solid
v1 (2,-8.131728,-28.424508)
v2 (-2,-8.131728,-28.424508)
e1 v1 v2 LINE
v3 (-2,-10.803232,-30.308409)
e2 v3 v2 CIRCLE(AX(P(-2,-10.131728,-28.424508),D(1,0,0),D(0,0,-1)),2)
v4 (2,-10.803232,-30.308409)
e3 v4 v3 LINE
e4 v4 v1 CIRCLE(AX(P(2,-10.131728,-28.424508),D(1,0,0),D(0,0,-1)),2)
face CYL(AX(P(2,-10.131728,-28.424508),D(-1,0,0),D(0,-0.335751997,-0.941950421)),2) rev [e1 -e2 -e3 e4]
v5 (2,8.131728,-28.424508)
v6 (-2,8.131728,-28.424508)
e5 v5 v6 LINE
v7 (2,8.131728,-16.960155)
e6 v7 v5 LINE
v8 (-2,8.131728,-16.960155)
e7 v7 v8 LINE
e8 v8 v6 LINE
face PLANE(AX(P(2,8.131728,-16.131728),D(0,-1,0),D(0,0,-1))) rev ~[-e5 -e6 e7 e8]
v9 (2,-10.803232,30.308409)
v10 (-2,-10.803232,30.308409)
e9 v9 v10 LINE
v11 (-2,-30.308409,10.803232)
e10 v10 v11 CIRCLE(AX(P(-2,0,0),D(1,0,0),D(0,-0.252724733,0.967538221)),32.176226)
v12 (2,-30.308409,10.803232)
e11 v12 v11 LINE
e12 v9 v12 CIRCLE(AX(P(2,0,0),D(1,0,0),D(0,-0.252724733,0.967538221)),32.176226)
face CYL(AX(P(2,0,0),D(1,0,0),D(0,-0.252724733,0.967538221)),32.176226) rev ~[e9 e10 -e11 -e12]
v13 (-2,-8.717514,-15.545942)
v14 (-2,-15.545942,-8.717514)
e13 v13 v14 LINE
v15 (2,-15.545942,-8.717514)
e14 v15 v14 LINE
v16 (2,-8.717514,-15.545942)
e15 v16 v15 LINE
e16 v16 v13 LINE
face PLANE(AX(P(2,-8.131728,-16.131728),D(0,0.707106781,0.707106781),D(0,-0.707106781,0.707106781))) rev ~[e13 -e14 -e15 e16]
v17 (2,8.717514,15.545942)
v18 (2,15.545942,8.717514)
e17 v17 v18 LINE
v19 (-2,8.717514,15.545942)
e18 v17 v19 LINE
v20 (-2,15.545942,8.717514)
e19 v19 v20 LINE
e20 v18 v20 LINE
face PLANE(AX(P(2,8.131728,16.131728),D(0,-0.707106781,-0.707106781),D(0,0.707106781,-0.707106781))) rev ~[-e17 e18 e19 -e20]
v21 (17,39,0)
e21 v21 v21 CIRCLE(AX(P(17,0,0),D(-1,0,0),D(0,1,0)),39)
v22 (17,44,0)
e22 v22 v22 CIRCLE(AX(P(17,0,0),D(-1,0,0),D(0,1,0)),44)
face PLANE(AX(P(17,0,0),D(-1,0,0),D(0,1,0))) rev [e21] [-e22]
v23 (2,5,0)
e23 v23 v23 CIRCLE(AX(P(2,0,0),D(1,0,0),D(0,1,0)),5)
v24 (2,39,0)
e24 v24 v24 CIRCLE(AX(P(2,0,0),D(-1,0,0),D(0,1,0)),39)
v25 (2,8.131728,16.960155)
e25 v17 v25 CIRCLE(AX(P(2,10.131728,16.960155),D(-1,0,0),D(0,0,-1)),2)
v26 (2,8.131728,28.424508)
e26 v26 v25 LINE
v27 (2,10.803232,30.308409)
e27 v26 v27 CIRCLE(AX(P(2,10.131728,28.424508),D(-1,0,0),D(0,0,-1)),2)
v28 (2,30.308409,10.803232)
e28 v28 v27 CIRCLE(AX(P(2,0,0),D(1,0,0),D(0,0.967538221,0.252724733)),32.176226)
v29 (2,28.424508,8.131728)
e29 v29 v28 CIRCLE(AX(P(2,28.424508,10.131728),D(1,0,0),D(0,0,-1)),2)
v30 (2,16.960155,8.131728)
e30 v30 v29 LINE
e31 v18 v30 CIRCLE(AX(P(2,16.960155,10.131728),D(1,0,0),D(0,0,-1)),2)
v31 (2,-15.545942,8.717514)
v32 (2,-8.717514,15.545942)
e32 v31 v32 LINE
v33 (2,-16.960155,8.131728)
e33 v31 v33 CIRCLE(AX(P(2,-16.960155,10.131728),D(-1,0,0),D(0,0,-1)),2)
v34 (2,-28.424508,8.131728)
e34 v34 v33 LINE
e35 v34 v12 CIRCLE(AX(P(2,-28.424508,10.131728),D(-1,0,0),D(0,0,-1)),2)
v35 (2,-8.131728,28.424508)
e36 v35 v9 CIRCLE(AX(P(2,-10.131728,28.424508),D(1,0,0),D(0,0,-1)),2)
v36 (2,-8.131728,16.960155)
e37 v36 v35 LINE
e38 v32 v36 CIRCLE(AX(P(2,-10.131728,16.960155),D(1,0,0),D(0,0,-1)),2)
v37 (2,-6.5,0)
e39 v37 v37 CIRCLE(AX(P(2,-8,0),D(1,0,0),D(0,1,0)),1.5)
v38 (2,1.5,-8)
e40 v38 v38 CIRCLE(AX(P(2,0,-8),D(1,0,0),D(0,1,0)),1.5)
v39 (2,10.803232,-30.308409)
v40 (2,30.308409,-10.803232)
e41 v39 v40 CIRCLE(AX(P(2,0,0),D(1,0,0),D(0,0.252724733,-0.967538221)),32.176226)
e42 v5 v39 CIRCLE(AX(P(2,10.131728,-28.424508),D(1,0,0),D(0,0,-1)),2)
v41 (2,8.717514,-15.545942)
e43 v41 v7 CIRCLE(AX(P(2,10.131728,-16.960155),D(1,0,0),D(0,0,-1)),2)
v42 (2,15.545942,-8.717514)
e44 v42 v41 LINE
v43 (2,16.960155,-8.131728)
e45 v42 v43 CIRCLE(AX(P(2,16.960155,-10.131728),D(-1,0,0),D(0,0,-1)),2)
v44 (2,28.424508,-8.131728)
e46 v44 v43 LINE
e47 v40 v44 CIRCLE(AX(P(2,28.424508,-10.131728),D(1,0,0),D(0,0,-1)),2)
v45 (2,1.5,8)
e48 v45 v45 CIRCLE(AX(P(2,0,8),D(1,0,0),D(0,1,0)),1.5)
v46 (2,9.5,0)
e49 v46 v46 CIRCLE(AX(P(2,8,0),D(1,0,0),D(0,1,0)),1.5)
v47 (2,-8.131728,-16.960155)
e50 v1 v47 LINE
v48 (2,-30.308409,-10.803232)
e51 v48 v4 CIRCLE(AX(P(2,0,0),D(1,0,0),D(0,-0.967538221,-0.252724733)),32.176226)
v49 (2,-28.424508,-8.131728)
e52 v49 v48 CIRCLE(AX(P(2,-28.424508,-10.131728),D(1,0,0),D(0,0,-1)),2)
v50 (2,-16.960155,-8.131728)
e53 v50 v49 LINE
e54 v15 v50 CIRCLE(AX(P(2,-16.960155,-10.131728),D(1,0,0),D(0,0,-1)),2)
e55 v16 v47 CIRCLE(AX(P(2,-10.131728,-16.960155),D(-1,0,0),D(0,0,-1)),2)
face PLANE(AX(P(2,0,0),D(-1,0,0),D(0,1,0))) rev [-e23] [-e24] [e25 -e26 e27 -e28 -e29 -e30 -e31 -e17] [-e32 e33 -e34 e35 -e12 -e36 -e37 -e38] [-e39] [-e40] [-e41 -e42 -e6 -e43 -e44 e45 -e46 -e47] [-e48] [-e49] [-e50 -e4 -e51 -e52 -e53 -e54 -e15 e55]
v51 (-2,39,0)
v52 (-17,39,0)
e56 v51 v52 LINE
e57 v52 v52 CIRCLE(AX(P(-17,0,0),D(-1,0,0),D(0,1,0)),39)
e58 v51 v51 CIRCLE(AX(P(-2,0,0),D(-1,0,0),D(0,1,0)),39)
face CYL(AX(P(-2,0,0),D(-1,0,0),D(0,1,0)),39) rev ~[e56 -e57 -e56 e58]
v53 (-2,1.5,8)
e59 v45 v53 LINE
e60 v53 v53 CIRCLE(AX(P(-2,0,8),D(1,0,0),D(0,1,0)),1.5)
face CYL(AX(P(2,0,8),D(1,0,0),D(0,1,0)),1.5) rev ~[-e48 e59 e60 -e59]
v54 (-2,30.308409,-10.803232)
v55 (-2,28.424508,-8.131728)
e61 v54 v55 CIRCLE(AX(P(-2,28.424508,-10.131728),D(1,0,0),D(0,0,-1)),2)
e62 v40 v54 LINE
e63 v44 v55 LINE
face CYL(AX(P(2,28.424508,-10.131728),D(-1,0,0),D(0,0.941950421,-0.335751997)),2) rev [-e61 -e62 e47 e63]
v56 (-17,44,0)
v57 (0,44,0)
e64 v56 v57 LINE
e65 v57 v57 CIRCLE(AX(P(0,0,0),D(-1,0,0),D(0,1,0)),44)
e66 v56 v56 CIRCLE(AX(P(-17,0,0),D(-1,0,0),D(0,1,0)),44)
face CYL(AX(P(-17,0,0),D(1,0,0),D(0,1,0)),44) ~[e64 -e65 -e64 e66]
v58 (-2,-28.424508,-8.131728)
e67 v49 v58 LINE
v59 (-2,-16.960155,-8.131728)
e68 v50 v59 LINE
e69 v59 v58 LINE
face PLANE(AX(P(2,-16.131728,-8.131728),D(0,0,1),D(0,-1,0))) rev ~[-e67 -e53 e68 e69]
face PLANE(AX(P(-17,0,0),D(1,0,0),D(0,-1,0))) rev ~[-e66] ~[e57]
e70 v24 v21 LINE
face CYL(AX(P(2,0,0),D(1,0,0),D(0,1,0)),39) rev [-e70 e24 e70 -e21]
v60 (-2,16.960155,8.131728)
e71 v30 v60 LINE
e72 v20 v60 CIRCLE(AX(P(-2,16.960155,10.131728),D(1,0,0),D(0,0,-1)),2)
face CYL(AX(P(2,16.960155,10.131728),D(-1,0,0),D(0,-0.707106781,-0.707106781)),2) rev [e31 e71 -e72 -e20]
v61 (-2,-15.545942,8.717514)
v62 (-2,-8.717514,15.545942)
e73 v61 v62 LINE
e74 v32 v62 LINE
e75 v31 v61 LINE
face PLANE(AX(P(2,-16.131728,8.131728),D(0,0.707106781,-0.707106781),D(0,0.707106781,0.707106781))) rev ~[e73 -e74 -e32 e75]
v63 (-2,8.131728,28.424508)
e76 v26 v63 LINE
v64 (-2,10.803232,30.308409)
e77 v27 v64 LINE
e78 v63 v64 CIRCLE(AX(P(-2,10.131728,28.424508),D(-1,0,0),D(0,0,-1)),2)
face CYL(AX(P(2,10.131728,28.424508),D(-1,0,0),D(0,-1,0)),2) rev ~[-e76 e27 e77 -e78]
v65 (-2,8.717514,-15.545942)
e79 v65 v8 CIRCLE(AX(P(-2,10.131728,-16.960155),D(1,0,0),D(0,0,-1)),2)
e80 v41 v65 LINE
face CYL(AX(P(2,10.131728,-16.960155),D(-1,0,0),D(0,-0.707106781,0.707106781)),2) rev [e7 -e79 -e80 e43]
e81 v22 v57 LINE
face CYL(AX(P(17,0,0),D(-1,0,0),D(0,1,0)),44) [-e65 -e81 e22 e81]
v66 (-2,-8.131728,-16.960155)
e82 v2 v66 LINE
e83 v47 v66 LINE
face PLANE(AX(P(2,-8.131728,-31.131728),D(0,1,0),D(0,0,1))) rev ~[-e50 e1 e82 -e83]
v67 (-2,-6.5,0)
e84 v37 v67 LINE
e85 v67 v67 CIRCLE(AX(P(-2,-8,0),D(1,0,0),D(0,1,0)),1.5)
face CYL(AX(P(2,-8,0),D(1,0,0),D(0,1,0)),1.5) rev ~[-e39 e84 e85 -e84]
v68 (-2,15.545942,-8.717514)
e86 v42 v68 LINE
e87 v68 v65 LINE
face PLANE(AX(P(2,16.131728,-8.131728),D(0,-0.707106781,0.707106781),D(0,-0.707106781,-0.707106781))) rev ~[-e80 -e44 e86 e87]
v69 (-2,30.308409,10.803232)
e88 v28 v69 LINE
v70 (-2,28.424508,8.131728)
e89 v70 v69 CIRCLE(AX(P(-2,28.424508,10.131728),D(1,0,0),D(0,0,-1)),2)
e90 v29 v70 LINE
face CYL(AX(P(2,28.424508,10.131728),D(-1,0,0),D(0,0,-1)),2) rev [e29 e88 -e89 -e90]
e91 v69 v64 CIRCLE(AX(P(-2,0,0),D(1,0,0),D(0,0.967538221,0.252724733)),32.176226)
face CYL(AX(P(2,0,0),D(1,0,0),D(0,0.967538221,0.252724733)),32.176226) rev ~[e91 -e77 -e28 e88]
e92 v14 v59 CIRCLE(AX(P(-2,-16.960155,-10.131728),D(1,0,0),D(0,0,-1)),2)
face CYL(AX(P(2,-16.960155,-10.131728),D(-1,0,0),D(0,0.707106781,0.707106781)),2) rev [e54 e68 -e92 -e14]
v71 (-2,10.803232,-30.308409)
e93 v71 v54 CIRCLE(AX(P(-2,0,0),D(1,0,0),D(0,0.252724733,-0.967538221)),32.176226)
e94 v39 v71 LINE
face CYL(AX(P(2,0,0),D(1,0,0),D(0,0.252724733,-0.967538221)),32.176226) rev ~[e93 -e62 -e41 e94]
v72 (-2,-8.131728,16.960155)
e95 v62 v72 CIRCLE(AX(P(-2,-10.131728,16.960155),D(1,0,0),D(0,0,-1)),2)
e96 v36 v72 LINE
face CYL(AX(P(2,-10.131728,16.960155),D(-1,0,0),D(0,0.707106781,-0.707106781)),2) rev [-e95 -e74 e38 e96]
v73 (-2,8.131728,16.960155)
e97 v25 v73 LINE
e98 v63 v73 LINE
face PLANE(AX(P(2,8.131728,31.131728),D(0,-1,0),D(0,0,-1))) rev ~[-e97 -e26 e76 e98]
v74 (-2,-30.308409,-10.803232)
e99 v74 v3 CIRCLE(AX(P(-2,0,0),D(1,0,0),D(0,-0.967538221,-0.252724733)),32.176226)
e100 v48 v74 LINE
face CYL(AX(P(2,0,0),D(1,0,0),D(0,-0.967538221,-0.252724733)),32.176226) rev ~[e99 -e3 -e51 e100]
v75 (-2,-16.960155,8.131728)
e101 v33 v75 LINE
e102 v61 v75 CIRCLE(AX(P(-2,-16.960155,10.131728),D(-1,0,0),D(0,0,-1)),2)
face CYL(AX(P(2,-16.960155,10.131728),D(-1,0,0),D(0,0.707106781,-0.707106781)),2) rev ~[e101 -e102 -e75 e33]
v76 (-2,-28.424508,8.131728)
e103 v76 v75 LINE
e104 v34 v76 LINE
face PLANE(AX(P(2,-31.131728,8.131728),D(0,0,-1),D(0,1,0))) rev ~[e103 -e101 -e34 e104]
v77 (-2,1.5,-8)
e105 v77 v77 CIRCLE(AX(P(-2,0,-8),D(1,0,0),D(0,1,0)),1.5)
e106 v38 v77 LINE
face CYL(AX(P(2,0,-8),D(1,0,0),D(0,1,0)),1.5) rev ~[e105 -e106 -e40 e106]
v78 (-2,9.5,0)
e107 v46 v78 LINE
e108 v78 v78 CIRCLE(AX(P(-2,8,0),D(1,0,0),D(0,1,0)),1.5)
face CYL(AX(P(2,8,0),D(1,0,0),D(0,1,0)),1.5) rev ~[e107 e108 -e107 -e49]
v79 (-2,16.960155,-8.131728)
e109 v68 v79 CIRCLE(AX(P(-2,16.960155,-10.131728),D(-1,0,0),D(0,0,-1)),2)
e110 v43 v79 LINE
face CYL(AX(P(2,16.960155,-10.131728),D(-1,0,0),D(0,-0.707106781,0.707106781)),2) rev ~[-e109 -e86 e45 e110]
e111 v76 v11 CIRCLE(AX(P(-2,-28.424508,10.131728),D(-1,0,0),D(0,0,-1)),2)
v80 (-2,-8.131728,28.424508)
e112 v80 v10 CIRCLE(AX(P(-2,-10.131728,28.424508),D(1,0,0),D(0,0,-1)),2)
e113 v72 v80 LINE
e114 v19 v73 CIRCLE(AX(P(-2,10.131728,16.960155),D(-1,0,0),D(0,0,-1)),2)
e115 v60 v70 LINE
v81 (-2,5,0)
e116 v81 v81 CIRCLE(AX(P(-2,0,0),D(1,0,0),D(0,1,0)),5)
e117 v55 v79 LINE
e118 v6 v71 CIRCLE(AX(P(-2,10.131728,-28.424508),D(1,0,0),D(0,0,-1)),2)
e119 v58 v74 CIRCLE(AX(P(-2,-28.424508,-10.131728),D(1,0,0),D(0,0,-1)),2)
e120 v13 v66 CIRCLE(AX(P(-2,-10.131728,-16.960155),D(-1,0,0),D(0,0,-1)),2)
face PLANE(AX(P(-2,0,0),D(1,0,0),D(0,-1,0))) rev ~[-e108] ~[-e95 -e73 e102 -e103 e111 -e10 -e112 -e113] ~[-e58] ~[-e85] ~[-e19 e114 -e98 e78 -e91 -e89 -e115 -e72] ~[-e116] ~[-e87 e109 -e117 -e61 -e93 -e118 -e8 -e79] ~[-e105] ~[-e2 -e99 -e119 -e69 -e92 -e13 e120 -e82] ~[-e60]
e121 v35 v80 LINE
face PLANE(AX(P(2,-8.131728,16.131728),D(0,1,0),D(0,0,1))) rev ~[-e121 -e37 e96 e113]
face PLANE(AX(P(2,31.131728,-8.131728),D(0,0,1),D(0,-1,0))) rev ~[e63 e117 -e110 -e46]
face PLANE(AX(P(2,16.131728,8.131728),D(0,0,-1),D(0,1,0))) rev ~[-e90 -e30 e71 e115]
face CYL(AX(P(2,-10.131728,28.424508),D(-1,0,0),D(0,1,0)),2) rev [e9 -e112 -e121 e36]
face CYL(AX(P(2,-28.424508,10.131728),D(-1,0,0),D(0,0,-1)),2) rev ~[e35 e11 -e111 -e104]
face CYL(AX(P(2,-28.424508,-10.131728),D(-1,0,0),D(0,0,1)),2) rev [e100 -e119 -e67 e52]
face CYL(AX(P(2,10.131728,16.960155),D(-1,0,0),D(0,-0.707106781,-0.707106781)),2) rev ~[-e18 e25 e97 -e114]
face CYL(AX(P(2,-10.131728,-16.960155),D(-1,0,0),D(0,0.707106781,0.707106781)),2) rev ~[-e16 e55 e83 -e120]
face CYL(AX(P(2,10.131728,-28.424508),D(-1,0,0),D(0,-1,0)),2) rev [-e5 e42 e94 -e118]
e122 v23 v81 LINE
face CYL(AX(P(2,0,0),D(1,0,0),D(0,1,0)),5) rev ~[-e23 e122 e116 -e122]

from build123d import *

# Parameters (mm, degrees)
SKETCH2_R                = 5
SKETCH2_R_2              = 1.5
HOLES_DEPTH              = 4
SPOKES_DEPTH             = 4
FILLET2_R                = 2
CIRPATTERN2_COUNT        = 4
FILLET2_OF_CIRPATTERN2_R = 2


with BuildPart() as part:
    # Sketch1 → Revolve1 (revolve)
    with BuildSketch(Plane.XY):
        Polygon((2, 0), (2, 39), (17, 39), (17, 44), (0, 44), (0, 0), align=None)
    revolve1 = revolve(axis=Axis((2, 0, 0), (-1, 0, 0)))

    # Mirror1: Revolve1 across plane
    add(revolve1.mirror(Plane.ZY))

    # Sketch2 → holes (cut)
    with BuildSketch(Plane(origin=(2, 0, 0), x_dir=(0, 0, -1), z_dir=(1, 0, 0))):
        with Locations(Location((0, 0, 0), (0, 0, 90))):
            Circle(SKETCH2_R)
        with Locations(Location((8, 0, 0), (0, 0, 90))):
            Circle(SKETCH2_R_2)
        with Locations(Location((0, -8, 0), (0, 0, 90))):
            Circle(SKETCH2_R_2)
        with Locations(Location((-8, 0, 0), (0, 0, 90))):
            Circle(SKETCH2_R_2)
        with Locations(Location((0, 8, 0), (0, 0, 90))):
            Circle(SKETCH2_R_2)
    extrude(amount=-HOLES_DEPTH, mode=Mode.SUBTRACT)

    # Sketch3 → spokes (cut)
    with BuildSketch(Plane(origin=(2, 0, 0), x_dir=(0, 0, -1), z_dir=(1, 0, 0))):
        with BuildLine():
            Line((8.131727984, 16.131727984), (16.131727984, 8.131727984))
            Line((16.131727984, 8.131727984), (31.131727984, 8.131727984))
            ThreePointArc((31.131727984, 8.131727984), (22.752027242, 22.752027242), (8.131727984, 31.131727984))
            Line((8.131727984, 31.131727984), (8.131727984, 16.131727984))
        make_face()
    spokes = extrude(amount=-SPOKES_DEPTH, mode=Mode.SUBTRACT)

    # Fillet2
    fillet2_edges = [part.edges().sort_by_distance(p)[0] for p in [
        (0, 16.131727984, -8.131727984),
        (0, 8.131727984, -16.131727984),
        (0, 8.131727984, -31.131727984),
        (0, 31.131727984, -8.131727984),
    ]]
    fillet(fillet2_edges, radius=FILLET2_R)

    # CirPattern2: spokes ×4 about axis
    cirpattern2_axis = Axis((0, 0, 0), (1, 0, 0))
    for i in range(1, CIRPATTERN2_COUNT):
        add(spokes.rotate(cirpattern2_axis, i * 360 / CIRPATTERN2_COUNT), mode=Mode.SUBTRACT)

    # Fillet2 of CirPattern2
    fillet2_of_cirpattern2_edges = [part.edges().sort_by_distance(p)[0] for p in [
        (0, 8.131727984, 16.131727984),
        (0, 16.131727984, 8.131727984),
        (0, 31.131727984, 8.131727984),
        (0, 8.131727984, 31.131727984),
        (0, -16.131727984, 8.131727984),
        (0, -8.131727984, 16.131727984),
        (0, -8.131727984, 31.131727984),
        (0, -31.131727984, 8.131727984),
        (0, -8.131727984, -16.131727984),
        (0, -16.131727984, -8.131727984),
        (0, -31.131727984, -8.131727984),
        (0, -8.131727984, -31.131727984),
    ]]
    fillet(fillet2_of_cirpattern2_edges, radius=FILLET2_OF_CIRPATTERN2_R)


solid = part.part
